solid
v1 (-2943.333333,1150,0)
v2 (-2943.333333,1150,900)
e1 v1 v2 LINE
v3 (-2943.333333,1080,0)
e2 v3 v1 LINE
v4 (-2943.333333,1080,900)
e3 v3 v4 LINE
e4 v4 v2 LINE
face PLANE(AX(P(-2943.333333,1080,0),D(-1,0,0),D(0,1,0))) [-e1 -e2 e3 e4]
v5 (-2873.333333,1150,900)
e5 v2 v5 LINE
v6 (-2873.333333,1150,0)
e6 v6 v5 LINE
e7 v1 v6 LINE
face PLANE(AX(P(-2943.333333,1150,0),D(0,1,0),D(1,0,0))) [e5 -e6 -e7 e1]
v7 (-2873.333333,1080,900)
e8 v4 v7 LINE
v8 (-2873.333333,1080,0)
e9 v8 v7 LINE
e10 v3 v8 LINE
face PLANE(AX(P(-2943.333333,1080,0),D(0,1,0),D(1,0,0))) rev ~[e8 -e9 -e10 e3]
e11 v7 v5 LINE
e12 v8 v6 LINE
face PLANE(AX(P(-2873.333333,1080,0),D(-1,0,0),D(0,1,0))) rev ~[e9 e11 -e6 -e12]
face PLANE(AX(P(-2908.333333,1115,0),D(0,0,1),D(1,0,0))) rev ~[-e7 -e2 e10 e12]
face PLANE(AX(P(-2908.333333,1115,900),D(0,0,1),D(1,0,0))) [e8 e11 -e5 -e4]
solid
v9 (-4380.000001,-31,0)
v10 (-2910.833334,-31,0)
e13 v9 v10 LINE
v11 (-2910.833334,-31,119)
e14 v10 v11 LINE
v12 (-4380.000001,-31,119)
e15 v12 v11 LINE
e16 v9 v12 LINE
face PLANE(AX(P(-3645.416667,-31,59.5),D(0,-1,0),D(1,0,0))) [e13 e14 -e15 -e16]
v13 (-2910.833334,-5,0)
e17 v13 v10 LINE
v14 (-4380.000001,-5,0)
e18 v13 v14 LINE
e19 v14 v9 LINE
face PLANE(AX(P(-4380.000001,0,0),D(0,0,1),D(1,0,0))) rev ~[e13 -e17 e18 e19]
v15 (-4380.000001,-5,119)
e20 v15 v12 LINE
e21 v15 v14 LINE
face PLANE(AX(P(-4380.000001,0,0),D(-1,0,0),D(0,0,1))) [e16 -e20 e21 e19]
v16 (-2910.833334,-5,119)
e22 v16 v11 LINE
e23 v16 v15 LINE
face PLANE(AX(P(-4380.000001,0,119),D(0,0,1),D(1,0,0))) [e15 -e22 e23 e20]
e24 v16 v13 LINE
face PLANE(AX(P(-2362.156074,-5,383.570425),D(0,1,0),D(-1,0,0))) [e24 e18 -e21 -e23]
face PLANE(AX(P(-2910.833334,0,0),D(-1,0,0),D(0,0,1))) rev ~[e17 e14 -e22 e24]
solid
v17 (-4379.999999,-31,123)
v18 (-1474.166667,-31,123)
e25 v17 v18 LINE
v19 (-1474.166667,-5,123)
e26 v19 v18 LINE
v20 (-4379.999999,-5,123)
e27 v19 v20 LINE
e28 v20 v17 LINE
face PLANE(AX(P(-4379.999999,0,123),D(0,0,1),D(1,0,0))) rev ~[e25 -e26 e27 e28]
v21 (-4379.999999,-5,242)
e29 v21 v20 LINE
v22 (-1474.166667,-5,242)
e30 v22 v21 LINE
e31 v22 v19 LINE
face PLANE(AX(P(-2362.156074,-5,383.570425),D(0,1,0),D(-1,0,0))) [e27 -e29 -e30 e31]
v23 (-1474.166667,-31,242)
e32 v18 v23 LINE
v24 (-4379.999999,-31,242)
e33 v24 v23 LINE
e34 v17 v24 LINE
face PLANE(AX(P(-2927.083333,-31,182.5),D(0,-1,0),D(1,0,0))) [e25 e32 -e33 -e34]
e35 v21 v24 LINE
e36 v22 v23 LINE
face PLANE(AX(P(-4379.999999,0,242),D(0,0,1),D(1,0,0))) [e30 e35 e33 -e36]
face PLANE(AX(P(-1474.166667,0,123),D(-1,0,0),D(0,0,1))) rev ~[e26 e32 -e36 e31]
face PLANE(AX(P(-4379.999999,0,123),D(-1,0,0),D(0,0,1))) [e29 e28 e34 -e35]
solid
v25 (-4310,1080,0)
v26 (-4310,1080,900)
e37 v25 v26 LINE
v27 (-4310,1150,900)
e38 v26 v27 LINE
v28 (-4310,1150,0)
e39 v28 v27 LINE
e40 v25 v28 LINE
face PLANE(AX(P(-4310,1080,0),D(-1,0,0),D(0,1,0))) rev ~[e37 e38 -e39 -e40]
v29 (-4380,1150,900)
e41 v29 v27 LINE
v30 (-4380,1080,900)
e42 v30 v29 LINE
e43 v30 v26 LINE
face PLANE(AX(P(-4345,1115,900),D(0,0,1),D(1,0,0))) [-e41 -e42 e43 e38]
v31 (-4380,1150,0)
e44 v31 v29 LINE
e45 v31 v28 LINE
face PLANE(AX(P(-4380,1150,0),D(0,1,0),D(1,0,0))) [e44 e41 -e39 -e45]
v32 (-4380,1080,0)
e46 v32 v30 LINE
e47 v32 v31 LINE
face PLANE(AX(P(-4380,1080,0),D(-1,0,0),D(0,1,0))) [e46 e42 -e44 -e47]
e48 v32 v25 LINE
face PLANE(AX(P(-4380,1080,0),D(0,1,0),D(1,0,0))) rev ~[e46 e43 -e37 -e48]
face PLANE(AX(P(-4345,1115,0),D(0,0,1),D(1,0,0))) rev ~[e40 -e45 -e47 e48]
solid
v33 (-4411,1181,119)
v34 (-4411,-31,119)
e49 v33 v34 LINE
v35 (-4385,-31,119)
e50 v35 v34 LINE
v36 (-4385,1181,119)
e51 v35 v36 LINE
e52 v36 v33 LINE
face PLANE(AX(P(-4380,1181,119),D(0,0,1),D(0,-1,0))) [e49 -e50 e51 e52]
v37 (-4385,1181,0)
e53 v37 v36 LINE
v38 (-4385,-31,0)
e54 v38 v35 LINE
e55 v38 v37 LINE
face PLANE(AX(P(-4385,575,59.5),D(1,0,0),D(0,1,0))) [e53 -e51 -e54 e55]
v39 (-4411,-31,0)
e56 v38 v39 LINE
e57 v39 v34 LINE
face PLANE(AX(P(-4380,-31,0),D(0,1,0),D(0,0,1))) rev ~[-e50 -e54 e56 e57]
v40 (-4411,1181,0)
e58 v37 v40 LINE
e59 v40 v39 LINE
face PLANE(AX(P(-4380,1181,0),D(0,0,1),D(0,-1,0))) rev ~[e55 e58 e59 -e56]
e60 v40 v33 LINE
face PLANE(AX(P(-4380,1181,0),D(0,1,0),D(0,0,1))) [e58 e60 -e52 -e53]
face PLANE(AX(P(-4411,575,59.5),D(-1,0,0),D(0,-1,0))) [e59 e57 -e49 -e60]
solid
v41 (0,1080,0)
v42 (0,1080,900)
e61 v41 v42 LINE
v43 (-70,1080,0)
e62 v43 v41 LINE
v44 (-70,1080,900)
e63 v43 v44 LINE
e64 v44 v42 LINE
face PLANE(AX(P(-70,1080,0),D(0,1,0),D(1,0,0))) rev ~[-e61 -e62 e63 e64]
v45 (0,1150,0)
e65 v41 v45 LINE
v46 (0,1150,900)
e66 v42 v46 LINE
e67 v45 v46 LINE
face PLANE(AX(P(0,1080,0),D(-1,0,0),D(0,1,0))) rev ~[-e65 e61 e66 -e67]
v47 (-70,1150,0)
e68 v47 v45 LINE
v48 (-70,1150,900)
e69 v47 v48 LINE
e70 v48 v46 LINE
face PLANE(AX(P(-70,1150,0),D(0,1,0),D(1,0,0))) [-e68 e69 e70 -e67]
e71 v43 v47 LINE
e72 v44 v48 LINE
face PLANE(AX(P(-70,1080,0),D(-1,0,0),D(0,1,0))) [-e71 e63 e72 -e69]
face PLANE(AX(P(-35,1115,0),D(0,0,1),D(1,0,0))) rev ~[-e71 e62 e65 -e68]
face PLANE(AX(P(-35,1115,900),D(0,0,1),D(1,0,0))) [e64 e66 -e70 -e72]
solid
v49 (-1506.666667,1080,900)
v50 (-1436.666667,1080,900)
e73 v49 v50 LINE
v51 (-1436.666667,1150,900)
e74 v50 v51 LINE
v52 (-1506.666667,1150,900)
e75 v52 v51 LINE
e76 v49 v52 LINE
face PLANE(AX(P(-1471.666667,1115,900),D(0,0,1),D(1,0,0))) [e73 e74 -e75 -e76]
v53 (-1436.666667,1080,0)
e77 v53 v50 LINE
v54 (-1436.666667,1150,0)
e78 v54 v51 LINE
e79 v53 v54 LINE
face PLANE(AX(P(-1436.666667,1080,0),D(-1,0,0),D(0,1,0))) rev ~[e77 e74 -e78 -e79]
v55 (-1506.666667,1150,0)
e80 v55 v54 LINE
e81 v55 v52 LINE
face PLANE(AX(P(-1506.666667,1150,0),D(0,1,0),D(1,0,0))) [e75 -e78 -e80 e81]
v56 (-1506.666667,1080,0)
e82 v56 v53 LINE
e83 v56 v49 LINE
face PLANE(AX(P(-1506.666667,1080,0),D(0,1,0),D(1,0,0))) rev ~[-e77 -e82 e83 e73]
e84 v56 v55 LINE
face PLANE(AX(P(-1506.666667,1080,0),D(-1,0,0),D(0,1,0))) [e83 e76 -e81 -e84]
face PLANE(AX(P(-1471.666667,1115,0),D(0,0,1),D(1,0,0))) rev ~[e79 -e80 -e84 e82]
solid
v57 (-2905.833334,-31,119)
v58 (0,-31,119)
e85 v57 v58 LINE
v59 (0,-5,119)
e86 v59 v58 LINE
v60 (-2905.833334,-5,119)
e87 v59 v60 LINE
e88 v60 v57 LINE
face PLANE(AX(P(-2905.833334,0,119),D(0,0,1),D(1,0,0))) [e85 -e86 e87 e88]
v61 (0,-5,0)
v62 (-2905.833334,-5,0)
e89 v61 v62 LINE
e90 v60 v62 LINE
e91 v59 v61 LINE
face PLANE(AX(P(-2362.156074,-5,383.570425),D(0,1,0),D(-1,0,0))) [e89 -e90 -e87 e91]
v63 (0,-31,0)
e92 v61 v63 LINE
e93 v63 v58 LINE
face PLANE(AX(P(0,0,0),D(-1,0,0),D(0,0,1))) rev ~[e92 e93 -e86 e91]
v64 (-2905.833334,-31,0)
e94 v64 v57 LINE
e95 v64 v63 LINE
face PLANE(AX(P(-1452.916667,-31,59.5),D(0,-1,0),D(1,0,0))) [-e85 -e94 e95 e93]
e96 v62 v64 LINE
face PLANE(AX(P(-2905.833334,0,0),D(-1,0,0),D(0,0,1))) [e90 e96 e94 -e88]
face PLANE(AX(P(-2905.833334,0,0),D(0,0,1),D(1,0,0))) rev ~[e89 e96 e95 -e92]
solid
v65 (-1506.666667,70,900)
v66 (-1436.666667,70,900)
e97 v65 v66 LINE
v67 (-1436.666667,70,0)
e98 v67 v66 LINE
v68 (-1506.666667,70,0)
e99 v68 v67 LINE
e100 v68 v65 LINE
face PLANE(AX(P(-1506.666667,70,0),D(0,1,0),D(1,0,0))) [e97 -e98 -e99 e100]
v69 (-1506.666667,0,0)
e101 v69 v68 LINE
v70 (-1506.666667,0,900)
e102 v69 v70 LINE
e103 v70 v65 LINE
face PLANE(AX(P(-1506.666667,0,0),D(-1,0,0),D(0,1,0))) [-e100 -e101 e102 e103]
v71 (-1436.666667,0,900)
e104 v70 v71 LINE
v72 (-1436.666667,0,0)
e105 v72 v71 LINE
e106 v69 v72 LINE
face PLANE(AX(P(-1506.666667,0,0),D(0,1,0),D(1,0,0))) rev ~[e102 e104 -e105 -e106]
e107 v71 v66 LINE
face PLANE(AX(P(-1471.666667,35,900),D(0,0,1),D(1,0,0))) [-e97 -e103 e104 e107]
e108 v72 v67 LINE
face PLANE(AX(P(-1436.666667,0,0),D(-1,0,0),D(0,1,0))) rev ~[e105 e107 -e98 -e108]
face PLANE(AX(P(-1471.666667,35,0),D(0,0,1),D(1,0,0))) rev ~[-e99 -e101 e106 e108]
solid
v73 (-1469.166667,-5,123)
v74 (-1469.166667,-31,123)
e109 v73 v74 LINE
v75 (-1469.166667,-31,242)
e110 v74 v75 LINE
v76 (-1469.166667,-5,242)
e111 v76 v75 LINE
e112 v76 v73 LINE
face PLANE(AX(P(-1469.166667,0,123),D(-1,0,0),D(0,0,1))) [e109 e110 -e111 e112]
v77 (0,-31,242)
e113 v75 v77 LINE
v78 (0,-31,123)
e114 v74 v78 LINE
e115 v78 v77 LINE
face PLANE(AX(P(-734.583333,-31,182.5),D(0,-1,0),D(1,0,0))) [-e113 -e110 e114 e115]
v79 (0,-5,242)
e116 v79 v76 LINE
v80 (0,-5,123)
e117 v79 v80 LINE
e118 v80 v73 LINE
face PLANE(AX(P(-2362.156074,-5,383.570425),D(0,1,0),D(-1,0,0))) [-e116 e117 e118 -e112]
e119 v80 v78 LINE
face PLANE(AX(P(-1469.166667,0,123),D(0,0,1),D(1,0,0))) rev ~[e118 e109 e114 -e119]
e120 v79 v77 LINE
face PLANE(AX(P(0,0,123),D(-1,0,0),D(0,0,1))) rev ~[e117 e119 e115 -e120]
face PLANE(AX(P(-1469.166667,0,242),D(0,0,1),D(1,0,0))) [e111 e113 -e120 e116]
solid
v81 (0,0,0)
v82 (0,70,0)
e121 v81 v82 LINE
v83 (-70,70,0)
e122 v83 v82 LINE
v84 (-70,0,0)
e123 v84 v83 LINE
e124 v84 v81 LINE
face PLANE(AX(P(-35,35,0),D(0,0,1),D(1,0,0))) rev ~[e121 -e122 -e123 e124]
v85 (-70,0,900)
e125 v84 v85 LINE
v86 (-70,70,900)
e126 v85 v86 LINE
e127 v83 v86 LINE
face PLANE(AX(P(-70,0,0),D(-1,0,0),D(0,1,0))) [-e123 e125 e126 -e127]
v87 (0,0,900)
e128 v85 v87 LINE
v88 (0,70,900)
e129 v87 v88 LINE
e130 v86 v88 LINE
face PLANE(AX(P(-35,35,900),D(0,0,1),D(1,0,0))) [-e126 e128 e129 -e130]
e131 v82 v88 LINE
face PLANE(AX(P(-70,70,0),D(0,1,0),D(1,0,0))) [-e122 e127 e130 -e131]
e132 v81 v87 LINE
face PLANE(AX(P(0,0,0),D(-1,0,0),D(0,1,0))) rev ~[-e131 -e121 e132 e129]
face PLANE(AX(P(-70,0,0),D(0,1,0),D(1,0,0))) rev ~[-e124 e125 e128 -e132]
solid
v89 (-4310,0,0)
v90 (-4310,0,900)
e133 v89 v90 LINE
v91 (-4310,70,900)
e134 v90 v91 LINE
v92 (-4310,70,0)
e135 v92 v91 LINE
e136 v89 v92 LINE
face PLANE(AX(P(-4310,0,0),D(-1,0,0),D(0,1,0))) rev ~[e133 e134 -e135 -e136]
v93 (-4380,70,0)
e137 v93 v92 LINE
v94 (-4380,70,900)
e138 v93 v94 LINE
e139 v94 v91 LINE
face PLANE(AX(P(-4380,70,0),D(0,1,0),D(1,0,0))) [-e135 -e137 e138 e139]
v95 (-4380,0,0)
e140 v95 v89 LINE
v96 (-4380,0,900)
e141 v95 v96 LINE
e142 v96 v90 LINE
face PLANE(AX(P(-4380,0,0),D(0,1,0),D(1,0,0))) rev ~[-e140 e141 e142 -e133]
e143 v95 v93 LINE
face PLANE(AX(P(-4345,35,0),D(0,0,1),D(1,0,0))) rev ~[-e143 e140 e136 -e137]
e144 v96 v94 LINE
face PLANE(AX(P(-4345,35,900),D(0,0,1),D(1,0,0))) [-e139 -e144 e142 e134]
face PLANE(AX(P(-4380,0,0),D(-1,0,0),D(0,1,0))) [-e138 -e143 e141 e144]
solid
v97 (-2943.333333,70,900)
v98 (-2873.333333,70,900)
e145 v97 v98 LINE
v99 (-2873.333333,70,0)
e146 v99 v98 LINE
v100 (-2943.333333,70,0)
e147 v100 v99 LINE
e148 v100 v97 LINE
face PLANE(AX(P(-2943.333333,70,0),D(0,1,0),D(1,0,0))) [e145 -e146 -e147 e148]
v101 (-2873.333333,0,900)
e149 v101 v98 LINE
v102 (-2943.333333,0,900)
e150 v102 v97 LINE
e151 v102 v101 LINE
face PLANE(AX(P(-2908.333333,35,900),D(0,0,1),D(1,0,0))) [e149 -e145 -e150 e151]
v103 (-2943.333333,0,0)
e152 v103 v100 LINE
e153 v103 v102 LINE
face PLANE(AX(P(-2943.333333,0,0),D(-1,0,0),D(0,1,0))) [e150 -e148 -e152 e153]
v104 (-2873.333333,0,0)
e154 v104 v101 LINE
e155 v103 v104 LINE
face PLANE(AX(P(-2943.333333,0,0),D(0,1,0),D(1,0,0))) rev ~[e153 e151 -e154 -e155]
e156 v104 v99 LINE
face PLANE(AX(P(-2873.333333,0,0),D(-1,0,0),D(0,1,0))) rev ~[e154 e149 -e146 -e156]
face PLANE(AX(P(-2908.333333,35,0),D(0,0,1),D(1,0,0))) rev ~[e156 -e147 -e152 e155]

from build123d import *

# Parameters (mm, degrees)
F0_W     = 70
F0_H     = 70
F1_DEPTH = 900
F2_W     = 1469.166667
F2_H     = 119
F2_W_2   = 2905.833333
F3_DEPTH = 31
F4_W     = 4912.537255
F4_H     = 1258.728281
F5_DEPTH = 5
F6_W     = 1212
F6_H     = 119
F7_DEPTH = 31
F8_W     = 1212
F8_H     = 119
F9_DEPTH = 5


with BuildPart() as f1:
    # F0 (on Top) → F1 (new body)
    with BuildSketch(Plane.XY):
        with Locations((-2908.333333, 1115)):
            Rectangle(F0_W, F0_H)
        with Locations((-4345, 1115)):
            Rectangle(F0_W, F0_H)
        with Locations((-2908.333333, 35)):
            Rectangle(F0_W, F0_H)
        with Locations((-4345, 35)):
            Rectangle(F0_W, F0_H)
        with Locations((-35, 35)):
            Rectangle(F0_W, F0_H)
        with Locations((-1471.666667, 35)):
            Rectangle(F0_W, F0_H)
        with Locations((-35, 1115)):
            Rectangle(F0_W, F0_H)
        with Locations((-1471.666667, 1115)):
            Rectangle(F0_W, F0_H)
    extrude(amount=F1_DEPTH)


with BuildPart() as f3:
    # F2 (on face) → F3 (new body)
    with BuildSketch(Plane.XZ):
        with Locations((-3645.416667, 59.5)):
            Rectangle(F2_W, F2_H)
        with Locations((-2927.083333, 182.5)):
            Rectangle(F2_W_2, F2_H)
        with Locations((-1452.916667, 59.5)):
            Rectangle(F2_W_2, F2_H)
        with Locations((-734.583333, 182.5)):
            Rectangle(F2_W, F2_H)
    extrude(amount=F3_DEPTH)

    # F4 (on face) → F5 (cut)
    with BuildSketch(Plane(origin=(0, 0, 0), x_dir=(-1, 0, 0), z_dir=(0, 1, 0))):
        with Locations((2362.156074, 383.570425)):
            Rectangle(F4_W, F4_H)
    extrude(amount=-F5_DEPTH, mode=Mode.SUBTRACT)


with BuildPart() as f7:
    # F6 (on face) → F7 (new body)
    with BuildSketch(Plane(origin=(-4380, 0, 0), x_dir=(0, -1, 0), z_dir=(-1, 0, 0))):
        with Locations((-575, 59.5)):
            Rectangle(F6_W, F6_H)
    extrude(amount=F7_DEPTH)

    # F8 (on face) → F9 (cut)
    with BuildSketch(Plane.YZ.offset(-4380)):
        with Locations((575, 59.5)):
            Rectangle(F8_W, F8_H)
    extrude(amount=-F9_DEPTH, mode=Mode.SUBTRACT)


solid = Compound([f1.part, f3.part, f7.part])
